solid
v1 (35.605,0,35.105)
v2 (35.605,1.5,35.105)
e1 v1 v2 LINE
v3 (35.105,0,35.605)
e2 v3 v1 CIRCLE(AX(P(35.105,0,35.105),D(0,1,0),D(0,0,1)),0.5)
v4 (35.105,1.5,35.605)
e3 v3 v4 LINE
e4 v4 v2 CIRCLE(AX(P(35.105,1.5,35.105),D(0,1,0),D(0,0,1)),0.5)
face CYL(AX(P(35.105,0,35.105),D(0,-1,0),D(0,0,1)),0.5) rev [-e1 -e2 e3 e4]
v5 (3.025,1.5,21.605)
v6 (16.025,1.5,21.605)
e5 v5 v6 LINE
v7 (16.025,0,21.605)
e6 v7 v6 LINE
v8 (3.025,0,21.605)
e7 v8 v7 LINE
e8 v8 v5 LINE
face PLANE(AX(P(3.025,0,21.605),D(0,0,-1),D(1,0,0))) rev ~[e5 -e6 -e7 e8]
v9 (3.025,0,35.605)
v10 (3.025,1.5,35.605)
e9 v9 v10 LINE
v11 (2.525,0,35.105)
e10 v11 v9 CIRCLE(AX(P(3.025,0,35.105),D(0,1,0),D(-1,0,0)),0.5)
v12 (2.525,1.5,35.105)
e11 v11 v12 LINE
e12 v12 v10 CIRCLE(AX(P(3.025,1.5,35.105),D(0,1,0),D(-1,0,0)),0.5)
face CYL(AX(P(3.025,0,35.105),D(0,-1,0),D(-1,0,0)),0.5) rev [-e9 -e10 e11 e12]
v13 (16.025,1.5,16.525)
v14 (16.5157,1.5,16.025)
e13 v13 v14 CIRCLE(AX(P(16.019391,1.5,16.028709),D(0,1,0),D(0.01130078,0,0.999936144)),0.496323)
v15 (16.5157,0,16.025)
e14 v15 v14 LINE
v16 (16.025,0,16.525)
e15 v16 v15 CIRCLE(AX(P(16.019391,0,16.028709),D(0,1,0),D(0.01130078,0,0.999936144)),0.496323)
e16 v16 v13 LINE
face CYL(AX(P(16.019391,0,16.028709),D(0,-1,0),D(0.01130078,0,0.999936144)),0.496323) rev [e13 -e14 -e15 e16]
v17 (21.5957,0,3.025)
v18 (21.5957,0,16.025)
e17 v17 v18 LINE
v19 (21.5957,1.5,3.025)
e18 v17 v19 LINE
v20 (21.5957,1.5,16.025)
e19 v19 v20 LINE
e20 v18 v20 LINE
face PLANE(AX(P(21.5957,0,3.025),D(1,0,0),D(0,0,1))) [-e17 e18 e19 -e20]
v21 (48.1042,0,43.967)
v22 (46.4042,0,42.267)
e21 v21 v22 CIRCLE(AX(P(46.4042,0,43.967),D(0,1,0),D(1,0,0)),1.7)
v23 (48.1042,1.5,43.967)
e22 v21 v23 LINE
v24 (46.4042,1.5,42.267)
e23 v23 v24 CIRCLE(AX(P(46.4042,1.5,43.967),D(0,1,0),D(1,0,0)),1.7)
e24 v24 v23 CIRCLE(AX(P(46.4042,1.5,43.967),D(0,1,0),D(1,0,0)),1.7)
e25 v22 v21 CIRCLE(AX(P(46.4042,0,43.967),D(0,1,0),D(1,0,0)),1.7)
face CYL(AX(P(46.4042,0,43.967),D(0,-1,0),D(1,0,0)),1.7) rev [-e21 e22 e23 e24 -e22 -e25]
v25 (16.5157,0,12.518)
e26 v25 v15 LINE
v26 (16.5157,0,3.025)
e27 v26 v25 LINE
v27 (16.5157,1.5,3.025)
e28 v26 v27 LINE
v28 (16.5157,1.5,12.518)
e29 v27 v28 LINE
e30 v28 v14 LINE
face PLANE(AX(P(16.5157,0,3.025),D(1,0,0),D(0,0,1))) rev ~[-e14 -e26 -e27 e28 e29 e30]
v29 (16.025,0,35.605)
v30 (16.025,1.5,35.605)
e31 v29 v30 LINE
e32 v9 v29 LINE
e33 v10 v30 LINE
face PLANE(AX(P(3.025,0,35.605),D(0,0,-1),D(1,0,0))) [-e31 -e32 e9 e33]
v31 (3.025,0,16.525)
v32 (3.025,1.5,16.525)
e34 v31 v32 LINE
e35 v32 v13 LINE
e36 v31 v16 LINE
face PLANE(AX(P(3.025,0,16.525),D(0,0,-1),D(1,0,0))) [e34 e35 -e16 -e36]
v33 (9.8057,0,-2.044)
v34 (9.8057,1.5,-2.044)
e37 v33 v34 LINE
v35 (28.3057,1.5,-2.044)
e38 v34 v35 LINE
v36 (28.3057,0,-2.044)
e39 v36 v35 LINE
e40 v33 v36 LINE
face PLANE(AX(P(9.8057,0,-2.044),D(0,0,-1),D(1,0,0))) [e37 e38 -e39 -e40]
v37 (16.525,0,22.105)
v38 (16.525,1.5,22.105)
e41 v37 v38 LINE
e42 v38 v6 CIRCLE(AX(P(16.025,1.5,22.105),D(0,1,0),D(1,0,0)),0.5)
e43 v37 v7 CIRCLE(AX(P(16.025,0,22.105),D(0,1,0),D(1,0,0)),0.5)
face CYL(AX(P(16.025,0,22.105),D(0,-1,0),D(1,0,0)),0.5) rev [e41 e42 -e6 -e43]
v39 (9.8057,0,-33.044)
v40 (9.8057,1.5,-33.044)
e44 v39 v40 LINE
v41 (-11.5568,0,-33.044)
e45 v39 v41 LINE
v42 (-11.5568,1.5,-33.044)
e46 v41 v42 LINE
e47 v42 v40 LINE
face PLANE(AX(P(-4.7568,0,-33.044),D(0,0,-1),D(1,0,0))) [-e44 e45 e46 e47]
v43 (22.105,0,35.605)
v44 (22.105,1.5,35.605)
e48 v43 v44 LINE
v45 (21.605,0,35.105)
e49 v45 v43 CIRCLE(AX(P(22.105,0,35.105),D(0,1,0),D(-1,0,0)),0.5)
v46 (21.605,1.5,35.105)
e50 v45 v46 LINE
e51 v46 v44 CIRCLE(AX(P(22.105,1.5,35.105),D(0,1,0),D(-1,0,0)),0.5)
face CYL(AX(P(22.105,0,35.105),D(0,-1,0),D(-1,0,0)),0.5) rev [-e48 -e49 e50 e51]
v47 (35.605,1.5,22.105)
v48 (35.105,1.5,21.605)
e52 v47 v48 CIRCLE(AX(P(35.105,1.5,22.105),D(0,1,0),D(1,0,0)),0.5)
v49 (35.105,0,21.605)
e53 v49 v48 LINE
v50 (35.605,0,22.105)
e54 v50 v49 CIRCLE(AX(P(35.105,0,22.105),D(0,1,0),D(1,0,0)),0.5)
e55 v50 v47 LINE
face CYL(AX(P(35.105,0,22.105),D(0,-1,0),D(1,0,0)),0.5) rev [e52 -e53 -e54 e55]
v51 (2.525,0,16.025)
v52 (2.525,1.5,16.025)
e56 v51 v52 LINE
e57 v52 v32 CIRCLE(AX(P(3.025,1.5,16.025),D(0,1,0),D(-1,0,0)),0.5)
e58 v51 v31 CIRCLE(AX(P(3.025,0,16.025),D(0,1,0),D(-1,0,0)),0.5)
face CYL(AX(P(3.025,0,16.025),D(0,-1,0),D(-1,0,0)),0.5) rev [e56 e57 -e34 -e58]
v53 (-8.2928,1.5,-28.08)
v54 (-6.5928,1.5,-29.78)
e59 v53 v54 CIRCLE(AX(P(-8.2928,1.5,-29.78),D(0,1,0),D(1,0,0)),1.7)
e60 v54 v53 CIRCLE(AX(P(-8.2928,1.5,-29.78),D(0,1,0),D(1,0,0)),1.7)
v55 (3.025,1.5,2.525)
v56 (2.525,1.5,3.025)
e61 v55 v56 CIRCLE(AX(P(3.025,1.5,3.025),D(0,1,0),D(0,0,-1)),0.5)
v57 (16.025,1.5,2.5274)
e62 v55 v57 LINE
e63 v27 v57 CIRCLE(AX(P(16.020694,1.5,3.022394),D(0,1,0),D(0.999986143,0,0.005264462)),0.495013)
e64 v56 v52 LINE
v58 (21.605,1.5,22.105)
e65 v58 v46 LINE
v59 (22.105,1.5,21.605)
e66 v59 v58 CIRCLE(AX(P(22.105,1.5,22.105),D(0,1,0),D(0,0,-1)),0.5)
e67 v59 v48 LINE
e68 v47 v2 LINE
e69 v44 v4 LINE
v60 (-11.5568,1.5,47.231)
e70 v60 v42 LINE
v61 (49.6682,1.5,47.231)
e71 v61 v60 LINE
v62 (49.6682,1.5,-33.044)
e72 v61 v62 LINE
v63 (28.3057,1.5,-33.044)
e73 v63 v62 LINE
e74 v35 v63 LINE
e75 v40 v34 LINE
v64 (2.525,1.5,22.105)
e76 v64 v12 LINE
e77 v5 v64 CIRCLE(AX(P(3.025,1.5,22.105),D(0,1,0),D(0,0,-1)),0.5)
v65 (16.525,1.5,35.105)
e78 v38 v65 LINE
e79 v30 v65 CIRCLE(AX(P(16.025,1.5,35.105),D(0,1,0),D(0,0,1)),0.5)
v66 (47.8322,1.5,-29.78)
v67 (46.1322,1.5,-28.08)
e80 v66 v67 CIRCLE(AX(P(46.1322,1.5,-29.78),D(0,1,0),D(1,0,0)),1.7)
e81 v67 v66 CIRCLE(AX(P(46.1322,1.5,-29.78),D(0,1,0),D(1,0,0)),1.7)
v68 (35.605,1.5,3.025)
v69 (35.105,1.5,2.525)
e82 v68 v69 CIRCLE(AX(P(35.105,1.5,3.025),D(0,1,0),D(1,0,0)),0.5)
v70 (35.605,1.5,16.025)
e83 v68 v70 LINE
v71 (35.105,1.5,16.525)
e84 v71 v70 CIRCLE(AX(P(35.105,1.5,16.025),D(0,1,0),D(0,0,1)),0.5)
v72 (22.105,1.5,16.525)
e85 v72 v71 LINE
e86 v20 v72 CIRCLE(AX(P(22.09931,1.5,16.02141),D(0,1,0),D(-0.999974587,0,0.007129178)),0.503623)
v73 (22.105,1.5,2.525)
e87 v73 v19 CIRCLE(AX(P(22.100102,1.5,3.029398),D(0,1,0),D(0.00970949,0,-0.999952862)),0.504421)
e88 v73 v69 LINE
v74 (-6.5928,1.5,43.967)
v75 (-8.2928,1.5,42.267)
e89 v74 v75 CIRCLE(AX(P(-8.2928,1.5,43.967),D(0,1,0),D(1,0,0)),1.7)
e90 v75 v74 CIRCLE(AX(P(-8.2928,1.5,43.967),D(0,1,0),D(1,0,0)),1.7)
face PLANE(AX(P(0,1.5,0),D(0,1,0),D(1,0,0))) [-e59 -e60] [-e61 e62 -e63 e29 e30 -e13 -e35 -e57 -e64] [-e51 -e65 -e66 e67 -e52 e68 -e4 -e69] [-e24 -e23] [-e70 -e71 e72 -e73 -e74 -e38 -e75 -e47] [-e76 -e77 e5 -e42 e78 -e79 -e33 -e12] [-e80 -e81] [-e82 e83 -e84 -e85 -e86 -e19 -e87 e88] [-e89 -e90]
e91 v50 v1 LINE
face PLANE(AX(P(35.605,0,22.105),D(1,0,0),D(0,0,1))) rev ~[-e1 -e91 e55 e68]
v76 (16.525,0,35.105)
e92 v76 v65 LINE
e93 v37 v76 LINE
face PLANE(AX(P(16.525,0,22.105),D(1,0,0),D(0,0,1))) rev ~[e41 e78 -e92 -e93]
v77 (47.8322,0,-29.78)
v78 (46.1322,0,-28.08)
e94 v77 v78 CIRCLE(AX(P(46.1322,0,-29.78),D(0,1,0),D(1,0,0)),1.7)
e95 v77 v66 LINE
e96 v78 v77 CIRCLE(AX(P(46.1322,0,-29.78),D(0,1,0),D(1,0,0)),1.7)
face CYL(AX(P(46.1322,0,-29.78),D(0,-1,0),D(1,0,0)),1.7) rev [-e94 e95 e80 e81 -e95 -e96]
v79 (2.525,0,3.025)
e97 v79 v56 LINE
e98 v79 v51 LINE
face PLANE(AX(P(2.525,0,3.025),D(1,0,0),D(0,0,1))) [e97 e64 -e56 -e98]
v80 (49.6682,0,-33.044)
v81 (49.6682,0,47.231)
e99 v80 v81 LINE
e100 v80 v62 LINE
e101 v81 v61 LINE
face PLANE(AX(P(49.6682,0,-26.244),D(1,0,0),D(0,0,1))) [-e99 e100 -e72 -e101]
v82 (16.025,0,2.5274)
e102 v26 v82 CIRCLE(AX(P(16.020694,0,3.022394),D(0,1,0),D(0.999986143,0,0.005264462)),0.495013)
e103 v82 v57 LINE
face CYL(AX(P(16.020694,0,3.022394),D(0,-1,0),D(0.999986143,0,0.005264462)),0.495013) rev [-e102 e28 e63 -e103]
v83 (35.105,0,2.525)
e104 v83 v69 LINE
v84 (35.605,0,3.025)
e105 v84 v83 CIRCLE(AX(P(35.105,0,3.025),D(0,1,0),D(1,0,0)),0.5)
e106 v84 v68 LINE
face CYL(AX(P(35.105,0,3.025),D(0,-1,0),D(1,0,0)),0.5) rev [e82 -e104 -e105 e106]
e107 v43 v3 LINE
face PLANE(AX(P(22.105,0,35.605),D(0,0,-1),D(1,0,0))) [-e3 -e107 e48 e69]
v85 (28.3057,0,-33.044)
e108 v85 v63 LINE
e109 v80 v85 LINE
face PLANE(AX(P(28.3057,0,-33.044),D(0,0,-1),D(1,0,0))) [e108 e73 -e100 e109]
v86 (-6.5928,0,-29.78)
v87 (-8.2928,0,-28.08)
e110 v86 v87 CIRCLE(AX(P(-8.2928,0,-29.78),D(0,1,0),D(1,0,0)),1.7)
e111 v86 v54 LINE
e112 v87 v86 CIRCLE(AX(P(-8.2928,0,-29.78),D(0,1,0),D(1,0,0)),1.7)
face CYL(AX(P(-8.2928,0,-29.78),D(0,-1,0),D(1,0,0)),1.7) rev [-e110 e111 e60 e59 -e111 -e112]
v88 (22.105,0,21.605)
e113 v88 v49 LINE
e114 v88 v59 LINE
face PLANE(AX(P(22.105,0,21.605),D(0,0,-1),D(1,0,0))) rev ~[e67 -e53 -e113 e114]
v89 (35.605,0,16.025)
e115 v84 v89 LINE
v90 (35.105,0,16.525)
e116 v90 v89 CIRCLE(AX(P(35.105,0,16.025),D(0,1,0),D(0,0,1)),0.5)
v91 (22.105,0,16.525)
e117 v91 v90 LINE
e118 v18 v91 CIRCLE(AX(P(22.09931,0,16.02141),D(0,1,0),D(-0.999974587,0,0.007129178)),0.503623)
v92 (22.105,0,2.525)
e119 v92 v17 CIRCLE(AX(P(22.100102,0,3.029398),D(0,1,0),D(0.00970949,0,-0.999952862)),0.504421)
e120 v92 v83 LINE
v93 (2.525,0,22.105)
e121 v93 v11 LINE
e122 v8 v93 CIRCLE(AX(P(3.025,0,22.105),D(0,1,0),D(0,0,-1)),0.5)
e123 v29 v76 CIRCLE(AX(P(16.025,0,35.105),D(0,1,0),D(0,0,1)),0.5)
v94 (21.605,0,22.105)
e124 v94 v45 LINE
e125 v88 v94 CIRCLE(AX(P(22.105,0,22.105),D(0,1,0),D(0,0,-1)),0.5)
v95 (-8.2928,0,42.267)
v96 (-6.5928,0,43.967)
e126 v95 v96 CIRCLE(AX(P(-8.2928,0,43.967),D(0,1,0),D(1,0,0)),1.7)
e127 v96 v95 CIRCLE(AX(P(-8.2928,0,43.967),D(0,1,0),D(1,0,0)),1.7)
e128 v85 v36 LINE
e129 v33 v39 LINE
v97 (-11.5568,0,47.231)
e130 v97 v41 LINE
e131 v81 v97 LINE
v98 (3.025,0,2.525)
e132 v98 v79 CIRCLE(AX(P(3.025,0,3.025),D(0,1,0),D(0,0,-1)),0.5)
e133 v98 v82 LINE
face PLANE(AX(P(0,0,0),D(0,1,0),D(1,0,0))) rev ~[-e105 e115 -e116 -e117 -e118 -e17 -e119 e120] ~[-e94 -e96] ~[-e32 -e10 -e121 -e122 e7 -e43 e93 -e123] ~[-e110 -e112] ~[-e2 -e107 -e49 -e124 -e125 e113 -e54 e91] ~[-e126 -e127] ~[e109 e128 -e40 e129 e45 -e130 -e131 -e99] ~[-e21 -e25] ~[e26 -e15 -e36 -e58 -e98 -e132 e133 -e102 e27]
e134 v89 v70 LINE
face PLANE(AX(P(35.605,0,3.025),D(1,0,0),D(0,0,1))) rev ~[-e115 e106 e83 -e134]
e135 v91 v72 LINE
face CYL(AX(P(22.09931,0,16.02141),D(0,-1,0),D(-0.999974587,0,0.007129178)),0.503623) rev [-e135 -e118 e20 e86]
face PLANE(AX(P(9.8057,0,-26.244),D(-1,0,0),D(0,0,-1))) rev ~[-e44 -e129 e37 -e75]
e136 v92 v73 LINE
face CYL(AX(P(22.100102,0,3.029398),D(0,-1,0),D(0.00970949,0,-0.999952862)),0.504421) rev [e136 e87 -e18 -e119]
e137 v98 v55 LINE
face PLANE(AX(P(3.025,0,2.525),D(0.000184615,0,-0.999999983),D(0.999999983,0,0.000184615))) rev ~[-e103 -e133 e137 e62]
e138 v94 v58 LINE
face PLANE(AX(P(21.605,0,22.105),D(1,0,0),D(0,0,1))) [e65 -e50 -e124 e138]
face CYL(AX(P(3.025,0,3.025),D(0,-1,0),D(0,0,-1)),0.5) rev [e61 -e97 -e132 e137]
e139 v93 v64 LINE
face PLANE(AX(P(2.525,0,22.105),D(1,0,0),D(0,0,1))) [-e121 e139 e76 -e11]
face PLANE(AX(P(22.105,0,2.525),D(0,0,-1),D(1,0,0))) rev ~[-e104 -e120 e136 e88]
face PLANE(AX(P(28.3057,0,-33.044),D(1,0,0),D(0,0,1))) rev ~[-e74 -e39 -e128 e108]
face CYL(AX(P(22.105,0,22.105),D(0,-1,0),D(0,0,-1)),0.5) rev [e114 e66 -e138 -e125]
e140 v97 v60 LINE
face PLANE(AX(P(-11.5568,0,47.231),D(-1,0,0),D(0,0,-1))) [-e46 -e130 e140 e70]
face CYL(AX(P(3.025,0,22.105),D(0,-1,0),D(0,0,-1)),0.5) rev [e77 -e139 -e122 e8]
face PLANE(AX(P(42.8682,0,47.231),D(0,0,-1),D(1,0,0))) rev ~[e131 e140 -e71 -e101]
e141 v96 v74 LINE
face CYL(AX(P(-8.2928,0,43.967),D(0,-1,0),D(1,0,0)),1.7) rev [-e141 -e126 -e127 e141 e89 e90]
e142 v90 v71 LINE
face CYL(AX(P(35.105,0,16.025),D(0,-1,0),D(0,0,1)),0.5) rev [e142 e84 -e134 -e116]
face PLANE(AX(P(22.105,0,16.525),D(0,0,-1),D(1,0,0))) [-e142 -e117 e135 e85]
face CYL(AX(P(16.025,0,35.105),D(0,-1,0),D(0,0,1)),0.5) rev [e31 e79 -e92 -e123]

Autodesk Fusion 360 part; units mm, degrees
sketch "plate-2025-11-20T02_26_56.904Z" plane through (0, 0, 0) normal (0, 1, 0) x (1, 0, 0)
sketch "plate-2025-11-20T02_26_56.904Z (1)" plane through (0, 0, 0) normal (0, 1, 0) x (1, 0, 0)
  line L0 (3.025, -2.525) -> (16.025, -2.5274)
  line L1 (3.025, -16.525) -> (16.025, -16.525)
  line L2 (2.525, -3.025) -> (2.525, -16.025)
  line L3 (16.5157, -3.025) -> (16.5157, -16.025)
  arc A0 (3.025, -2.525) -> (2.525, -3.025) centre (3.025, -3.025) ccw
  arc A1 (16.5157, -3.025) -> (16.025, -2.5274) centre (16.0207, -3.0224) ccw
  arc A2 (2.525, -16.025) -> (3.025, -16.525) centre (3.025, -16.025) ccw
  arc A3 (16.025, -16.525) -> (16.5157, -16.025) centre (16.0194, -16.0287) ccw
  line L4 (22.105, -2.525) -> (35.105, -2.525)
  line L5 (22.105, -16.525) -> (35.105, -16.525)
  line L6 (21.5957, -3.025) -> (21.5957, -16.025)
  line L7 (35.605, -3.025) -> (35.605, -16.025)
  arc A4 (22.105, -2.525) -> (21.5957, -3.025) centre (22.1001, -3.0294) ccw
  arc A5 (35.605, -3.025) -> (35.105, -2.525) centre (35.105, -3.025) ccw
  arc A6 (21.5957, -16.025) -> (22.105, -16.525) centre (22.0993, -16.0214) ccw
  arc A7 (35.105, -16.525) -> (35.605, -16.025) centre (35.105, -16.025) ccw
  line L8 (3.025, -21.605) -> (16.025, -21.605)
  line L9 (3.025, -35.605) -> (16.025, -35.605)
  line L10 (2.525, -22.105) -> (2.525, -35.105)
  line L11 (16.525, -22.105) -> (16.525, -35.105)
  arc A8 (3.025, -21.605) -> (2.525, -22.105) centre (3.025, -22.105) ccw
  arc A9 (16.525, -22.105) -> (16.025, -21.605) centre (16.025, -22.105) ccw
  arc A10 (2.525, -35.105) -> (3.025, -35.605) centre (3.025, -35.105) ccw
  arc A11 (16.025, -35.605) -> (16.525, -35.105) centre (16.025, -35.105) ccw
  line L12 (22.105, -21.605) -> (35.105, -21.605)
  line L13 (22.105, -35.605) -> (35.105, -35.605)
  line L14 (21.605, -22.105) -> (21.605, -35.105)
  line L15 (35.605, -22.105) -> (35.605, -35.105)
  arc A12 (22.105, -21.605) -> (21.605, -22.105) centre (22.105, -22.105) ccw
  arc A13 (35.605, -22.105) -> (35.105, -21.605) centre (35.105, -22.105) ccw
  arc A14 (21.605, -35.105) -> (22.105, -35.605) centre (22.105, -35.105) ccw
  arc A15 (35.105, -35.605) -> (35.605, -35.105) centre (35.105, -35.105) ccw
  line L16 (16.5157, -12.518) -> (19.0557, -12.518)
  line L17 (19.0557, -12.518) -> (19.0557, -19)
  line L18 (19.0557, -19) -> (42.8682, -19)
  line L19 (42.8682, -19) -> (42.8682, -40.431)
  line L20 (42.8682, -40.431) -> (-4.7568, -40.431)
  line L21 (-4.7568, -40.431) -> (-4.7568, 26.244)
  line L22 (-4.7568, 26.244) -> (42.8682, 26.244)
  line L23 (42.8682, 26.244) -> (42.8682, -40.431)
  line L24 (9.8057, 26.244) -> (28.3057, 26.244)
  line L25 (-4.7568, 26.244) -> (-11.5568, 26.244)
  line L26 (-4.7568, 26.244) -> (-4.7568, 33.044)
  line L27 (42.8682, 26.244) -> (42.8682, 33.044)
  line L28 (42.8682, 26.244) -> (49.6682, 26.244)
  line L29 (42.8682, -40.431) -> (42.8682, -47.231)
  line L30 (42.8682, -40.431) -> (49.6682, -40.431)
  line L31 (-4.7568, -40.431) -> (-4.7568, -47.231)
  line L32 (-4.7568, -40.431) -> (-11.5568, -40.431)
  line L33 (-11.5568, 26.244) -> (-11.5568, 33.044)
  line L34 (42.8682, -47.231) -> (49.6682, -47.231)
  line L35 (49.6682, -47.231) -> (-11.5568, -47.231)
  line L36 (-11.5568, -47.231) -> (-11.5568, 33.044)
  line L37 (-11.5568, 33.044) -> (49.6682, 33.044)
  line L38 (49.6682, 33.044) -> (49.6682, -47.231)
  line L39 (9.8057, 26.244) -> (9.8057, 33.044)
  line L40 (9.8057, 33.044) -> (33, 33.044)
  line L41 (9.8057, 2.044) -> (9.8057, 33.044)
  line L42 (9.8057, 2.044) -> (28.3057, 2.044)
  line L43 (28.3057, 2.044) -> (9.8057, 2.044)
  line L44 (9.8057, 2.044) -> (9.8057, 33.044)
  line L45 (9.8057, 33.044) -> (28.3057, 33.044)
  line L46 (28.3057, 33.044) -> (28.3057, 2.044)
  line L47 (-4.7568, -40.431) -> (-8.2928, -40.431)
  line L48 (-8.2928, -40.431) -> (-8.2928, -43.967)
  line L49 (-4.7568, 26.244) -> (-8.2928, 26.244)
  line L50 (-8.2928, 26.244) -> (-8.2928, 29.78)
  line L51 (49.6682, 26.244) -> (46.1322, 26.244)
  line L52 (46.1322, 26.244) -> (46.1322, 29.78)
  line L53 (42.8682, -40.431) -> (46.4042, -40.431)
  line L54 (46.4042, -40.431) -> (46.4042, -43.967)
  circle A16 centre (-8.2928, -43.967) radius 1.7
  circle A17 centre (-8.2928, 29.78) radius 1.7
  circle A18 centre (46.1322, 29.78) radius 1.7
  circle A19 centre (46.4042, -43.967) radius 1.7
  point P0 (9.8057, 26.244)
  dimension "d6" = 5.08
  dimension "d7" = 5.08
  dimension "d8" = 5.08
  dimension "d9" = 5.08
  dimension "d10" = 2.54
  dimension "d12" = 23.8125
  dimension "d13" = 21.431
  dimension "d14" = 66.675
  dimension "d15" = 47.625
  dimension "d16" = 14.5625
  dimension "d18" = 21.431
  dimension "d20" = 6.8
  dimension "d21" = 6.8
  dimension "d22" = 6.8
  dimension "d23" = 6.8
  dimension "d24" = 6.8
  dimension "d25" = 6.8
  dimension "d26" = 6.8
  dimension "d27" = 6.8
  dimension "d28" = 6.8
  dimension "d29" = 6.8
  dimension "d30" = 31
  dimension "d32" = 18.5
  dimension "d33" = 3.536
  dimension "d34" = 3.536
  dimension "d35" = 3.536
  dimension "d36" = 3.536
  dimension "d37" = 3.536
  dimension "d38" = 3.536
  dimension "d39" = 3.536
  dimension "d40" = 3.536
  dimension "d41" = 3.4
  dimension "d42" = 3.4
  dimension "d43" = 3.4
  dimension "d44" = 3.4
extrude "Extrude1" add sketch "plate-2025-11-20T02_26_56.904Z (1)" along normal blind 1.5 contours L19 L20 L21 L22 L23 L41 L42 L43 L44 L46 makes body 1
extrude "Extrude2" add sketch "plate-2025-11-20T02_26_56.904Z (1)" along normal blind 1.5 separate body contours L19 L23 L28 L30 L38 L51 L53 | L29 L30 L34 L35 L38 L53 | L27 L28 L37 L38 L51 makes body 2
extrude "Extrude3" add sketch "plate-2025-11-20T02_26_56.904Z (1)" along normal blind 1.5 contours L20 L29 L31 L35 | L31 L32 L35 L36 L47 bodies 1 2
extrude "Extrude4" add sketch "plate-2025-11-20T02_26_56.904Z (1)" along normal blind 1.5 contours L21 L25 L32 L36 L47 L49 | L25 L26 L33 L36 L37 L49 bodies 1
extrude "Extrude5" add sketch "plate-2025-11-20T02_26_56.904Z (1)" along normal blind 1.5 contours L22 L26 L37 L39 L41 L44 bodies 1
extrude "Extrude6" add sketch "plate-2025-11-20T02_26_56.904Z (1)" along normal blind 1.5 contours L22 L27 L37 L40 L46 bodies 1
equation "d12 = ( 47.625 / 2 ) * 1 mm"
